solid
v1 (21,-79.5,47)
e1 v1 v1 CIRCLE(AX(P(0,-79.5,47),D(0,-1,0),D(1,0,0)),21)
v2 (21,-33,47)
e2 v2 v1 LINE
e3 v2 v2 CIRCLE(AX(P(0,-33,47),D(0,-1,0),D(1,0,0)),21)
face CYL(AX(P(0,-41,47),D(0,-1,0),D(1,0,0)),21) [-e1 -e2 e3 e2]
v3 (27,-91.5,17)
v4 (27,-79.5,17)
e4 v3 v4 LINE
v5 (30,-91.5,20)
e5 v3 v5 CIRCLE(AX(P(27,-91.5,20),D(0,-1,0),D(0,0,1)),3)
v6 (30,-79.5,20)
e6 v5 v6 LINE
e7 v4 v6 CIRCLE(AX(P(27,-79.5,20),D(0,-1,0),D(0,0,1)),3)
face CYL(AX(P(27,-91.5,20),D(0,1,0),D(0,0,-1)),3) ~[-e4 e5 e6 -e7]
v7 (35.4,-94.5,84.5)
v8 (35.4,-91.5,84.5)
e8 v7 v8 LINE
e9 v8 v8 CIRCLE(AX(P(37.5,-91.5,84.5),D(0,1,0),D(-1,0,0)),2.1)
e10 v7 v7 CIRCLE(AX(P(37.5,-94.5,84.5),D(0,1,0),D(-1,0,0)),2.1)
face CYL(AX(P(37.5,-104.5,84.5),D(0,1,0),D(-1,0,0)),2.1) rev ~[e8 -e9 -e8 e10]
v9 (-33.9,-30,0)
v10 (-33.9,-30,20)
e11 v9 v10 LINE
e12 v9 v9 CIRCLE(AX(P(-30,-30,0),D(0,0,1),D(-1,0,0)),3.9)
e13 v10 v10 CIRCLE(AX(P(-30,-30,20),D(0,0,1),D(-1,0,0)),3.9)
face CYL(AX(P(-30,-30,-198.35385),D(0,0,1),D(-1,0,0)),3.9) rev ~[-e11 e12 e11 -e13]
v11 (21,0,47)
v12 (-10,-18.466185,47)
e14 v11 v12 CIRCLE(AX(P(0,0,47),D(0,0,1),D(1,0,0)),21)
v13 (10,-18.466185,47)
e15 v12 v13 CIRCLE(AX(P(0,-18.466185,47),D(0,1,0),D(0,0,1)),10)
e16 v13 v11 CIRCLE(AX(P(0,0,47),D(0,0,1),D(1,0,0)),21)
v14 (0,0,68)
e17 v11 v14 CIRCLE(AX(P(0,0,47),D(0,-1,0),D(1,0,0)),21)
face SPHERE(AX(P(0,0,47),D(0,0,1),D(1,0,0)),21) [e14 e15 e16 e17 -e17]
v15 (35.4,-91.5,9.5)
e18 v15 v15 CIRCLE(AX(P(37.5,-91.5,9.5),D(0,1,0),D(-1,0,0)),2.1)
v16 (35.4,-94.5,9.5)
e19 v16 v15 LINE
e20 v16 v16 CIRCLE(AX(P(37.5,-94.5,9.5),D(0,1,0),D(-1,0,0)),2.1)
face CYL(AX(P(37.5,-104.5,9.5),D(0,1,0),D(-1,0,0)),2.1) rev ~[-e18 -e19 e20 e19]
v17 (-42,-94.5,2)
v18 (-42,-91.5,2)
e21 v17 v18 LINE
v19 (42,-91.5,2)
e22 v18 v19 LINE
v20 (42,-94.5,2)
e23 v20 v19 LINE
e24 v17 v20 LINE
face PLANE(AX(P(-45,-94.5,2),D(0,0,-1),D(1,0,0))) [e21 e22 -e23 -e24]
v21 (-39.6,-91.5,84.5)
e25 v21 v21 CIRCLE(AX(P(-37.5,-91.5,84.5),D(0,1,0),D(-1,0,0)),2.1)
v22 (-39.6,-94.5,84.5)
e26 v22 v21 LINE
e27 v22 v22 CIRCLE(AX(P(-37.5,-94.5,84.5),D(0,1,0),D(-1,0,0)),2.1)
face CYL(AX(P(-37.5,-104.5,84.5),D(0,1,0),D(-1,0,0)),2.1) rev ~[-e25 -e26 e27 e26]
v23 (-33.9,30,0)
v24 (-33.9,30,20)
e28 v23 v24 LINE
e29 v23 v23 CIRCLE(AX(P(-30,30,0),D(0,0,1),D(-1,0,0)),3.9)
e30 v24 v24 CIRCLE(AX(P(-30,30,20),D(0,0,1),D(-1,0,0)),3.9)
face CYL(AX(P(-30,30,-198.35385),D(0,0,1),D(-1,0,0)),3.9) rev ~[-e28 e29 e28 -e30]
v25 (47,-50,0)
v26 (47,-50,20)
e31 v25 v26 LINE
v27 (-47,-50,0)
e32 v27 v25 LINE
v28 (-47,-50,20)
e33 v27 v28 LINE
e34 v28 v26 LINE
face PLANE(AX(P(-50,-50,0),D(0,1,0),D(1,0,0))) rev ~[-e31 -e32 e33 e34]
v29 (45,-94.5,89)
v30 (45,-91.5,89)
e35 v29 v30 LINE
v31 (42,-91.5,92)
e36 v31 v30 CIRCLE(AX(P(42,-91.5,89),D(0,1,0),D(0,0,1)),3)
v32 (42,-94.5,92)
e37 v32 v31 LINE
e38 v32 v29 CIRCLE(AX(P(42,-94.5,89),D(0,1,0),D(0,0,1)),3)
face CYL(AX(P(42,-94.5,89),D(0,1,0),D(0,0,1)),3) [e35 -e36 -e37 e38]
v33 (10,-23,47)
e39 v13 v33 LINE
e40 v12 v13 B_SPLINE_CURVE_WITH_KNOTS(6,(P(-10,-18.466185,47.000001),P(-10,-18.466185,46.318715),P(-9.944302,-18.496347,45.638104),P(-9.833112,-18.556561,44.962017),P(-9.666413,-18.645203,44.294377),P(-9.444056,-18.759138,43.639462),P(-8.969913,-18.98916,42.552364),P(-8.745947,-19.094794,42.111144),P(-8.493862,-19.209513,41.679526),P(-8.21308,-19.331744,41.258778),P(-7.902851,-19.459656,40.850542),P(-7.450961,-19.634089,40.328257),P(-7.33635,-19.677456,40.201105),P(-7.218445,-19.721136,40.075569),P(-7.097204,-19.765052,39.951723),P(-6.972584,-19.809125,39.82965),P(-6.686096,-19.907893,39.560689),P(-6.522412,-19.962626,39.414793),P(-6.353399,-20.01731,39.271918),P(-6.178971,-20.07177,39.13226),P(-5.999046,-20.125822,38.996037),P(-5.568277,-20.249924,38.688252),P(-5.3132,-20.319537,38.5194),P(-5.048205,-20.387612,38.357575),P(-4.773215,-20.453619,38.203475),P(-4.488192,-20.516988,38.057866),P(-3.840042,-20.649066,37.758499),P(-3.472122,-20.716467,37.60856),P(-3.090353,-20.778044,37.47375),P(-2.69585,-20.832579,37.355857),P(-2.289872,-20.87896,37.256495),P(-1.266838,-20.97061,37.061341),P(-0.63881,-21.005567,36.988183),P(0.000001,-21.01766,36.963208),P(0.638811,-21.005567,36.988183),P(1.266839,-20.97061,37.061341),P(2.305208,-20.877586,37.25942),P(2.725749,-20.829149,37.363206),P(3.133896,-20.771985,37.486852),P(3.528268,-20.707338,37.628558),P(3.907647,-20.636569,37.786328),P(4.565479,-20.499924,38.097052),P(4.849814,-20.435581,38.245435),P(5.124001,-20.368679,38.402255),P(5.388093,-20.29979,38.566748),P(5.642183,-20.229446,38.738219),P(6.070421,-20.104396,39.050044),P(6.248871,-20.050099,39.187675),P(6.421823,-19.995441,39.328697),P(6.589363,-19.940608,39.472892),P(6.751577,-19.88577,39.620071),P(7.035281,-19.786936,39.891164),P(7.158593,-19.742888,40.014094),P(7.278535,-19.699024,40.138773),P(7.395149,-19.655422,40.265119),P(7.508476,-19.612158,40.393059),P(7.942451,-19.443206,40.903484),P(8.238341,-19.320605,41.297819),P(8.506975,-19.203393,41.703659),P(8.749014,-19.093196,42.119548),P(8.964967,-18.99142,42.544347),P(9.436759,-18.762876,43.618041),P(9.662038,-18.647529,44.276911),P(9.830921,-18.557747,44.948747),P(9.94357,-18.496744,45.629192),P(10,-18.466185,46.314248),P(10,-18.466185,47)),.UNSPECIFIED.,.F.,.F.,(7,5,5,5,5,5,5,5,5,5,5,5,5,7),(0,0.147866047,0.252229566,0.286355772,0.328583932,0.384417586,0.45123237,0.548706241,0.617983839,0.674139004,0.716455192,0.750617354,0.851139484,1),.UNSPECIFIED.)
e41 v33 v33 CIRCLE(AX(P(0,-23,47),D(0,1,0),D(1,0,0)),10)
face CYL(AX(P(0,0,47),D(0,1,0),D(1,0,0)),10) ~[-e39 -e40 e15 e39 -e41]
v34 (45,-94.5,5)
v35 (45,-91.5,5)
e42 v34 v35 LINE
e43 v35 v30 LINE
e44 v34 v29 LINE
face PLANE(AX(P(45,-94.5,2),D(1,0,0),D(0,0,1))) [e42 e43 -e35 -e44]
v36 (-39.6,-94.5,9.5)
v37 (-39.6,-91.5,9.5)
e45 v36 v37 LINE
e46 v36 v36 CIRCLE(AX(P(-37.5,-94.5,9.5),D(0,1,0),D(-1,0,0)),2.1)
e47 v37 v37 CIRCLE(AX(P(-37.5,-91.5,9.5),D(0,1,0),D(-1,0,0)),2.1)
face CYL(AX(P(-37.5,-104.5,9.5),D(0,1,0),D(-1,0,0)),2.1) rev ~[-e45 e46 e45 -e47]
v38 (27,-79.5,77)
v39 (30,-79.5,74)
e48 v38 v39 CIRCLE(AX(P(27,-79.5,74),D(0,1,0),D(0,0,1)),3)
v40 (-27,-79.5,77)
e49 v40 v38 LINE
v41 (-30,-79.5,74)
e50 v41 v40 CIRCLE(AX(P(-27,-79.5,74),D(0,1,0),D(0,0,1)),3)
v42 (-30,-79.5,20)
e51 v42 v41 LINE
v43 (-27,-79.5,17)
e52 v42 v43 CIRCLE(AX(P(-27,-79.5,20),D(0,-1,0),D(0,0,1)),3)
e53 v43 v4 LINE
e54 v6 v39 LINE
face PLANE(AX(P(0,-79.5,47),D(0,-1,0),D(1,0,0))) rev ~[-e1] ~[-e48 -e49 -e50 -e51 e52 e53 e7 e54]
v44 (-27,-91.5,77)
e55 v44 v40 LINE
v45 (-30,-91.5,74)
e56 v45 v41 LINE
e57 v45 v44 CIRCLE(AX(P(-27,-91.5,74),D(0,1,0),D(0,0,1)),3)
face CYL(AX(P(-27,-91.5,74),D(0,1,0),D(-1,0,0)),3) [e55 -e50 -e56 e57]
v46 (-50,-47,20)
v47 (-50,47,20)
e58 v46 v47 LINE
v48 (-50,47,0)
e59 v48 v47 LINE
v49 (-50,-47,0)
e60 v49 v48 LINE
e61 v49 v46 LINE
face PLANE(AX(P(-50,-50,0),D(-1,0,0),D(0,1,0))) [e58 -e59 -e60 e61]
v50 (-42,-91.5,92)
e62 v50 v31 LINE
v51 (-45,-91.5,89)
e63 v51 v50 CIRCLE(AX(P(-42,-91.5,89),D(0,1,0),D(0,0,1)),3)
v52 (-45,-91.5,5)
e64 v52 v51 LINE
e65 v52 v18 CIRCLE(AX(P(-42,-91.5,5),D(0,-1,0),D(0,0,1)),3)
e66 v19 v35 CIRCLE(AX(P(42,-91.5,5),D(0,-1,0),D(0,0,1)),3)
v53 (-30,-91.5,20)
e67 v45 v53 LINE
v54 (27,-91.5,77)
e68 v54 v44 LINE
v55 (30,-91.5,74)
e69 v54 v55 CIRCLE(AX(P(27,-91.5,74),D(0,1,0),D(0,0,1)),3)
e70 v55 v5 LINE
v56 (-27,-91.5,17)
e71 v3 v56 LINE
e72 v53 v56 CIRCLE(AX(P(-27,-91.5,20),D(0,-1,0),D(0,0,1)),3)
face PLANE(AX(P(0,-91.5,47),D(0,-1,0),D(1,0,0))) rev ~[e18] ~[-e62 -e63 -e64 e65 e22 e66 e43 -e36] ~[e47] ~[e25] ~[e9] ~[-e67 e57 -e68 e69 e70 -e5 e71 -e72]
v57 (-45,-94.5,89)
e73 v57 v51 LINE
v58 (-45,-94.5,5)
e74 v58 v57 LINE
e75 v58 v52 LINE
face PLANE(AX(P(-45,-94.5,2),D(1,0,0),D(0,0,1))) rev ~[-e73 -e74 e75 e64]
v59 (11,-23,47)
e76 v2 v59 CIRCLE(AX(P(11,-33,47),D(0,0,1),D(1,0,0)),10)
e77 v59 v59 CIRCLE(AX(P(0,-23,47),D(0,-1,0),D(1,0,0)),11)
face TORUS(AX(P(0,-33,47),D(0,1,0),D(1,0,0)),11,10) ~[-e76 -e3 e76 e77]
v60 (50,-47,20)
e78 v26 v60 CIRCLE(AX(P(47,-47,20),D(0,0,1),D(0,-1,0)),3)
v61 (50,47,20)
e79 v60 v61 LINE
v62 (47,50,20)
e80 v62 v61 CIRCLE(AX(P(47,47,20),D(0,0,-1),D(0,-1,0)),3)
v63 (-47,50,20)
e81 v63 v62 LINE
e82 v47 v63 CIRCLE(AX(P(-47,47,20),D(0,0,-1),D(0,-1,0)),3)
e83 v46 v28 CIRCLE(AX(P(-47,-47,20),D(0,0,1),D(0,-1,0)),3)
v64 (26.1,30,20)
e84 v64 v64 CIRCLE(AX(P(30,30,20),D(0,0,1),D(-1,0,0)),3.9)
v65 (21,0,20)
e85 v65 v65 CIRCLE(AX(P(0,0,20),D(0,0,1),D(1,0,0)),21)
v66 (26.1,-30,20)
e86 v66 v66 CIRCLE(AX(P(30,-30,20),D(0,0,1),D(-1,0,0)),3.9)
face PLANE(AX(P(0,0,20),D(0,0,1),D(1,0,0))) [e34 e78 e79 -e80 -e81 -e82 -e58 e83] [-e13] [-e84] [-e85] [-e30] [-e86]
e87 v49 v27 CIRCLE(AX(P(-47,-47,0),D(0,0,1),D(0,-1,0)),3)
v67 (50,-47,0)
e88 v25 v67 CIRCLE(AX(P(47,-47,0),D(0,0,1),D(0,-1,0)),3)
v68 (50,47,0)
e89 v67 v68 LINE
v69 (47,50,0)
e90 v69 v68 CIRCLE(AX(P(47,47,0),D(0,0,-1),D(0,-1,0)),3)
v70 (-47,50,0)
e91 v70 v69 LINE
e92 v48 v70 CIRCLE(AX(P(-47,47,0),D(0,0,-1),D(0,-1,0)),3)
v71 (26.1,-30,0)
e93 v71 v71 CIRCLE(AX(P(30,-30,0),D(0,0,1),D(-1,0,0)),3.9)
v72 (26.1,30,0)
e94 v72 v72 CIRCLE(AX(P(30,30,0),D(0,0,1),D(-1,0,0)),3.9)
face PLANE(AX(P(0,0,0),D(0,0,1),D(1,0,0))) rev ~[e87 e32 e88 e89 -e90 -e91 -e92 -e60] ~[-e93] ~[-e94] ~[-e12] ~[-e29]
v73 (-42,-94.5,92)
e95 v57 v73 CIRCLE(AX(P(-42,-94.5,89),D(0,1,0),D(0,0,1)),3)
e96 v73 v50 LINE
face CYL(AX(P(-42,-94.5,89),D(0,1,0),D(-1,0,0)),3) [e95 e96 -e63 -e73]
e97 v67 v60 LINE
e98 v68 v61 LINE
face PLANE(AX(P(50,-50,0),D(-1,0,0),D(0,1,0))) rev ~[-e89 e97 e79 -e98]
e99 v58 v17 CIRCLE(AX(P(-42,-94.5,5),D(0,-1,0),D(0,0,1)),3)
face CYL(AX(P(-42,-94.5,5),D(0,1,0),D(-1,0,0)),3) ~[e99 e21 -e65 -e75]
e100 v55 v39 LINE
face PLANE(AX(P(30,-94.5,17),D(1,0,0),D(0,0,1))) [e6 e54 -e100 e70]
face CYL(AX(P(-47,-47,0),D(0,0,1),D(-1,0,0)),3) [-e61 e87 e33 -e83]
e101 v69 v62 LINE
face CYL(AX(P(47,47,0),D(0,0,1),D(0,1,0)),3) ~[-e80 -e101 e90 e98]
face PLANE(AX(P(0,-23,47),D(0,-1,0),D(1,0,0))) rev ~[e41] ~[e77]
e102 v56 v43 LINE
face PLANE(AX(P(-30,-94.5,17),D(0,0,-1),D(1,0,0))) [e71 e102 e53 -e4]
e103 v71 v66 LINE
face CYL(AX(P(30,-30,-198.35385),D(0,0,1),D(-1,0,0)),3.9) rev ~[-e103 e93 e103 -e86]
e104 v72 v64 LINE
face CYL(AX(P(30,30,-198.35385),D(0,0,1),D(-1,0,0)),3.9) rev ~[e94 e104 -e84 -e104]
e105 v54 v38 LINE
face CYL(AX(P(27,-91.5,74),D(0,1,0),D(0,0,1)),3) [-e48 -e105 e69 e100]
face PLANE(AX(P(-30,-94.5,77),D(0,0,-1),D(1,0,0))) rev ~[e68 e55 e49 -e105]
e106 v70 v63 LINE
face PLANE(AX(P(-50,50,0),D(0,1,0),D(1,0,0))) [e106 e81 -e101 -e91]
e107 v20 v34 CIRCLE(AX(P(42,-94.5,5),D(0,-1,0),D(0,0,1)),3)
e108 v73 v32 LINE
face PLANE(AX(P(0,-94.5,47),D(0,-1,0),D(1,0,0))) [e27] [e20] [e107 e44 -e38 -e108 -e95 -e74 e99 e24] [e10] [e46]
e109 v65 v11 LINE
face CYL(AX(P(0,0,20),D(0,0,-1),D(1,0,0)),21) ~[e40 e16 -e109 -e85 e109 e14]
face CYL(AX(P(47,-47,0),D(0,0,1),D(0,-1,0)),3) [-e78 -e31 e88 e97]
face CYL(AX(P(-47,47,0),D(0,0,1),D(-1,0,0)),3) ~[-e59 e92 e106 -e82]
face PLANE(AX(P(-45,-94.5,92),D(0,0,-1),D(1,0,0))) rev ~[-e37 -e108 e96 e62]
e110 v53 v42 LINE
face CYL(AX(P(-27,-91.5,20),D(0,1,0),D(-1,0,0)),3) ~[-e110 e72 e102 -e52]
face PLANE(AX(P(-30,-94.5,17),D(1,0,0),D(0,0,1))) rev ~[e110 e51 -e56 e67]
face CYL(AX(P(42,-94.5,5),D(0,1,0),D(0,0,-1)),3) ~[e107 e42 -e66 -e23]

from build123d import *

# Parameters (mm, degrees)
F0_W          = 100
F0_H          = 100
F1_DEPTH      = 20
F2_R          = 21
F3_DEPTH      = 48
F4_R          = 21
F5_R          = 10
F6_DEPTH      = 41
F7_R          = 21
F8_DEPTH      = 53.5
F8_DEPTH_BACK = 18
F9_R          = 10
F10_W         = 60
F10_H         = 60
F11_DEPTH     = 15
F12_W         = 90
F12_H         = 90
F13_DEPTH     = 3
F15_D         = 4.2
F15_DEPTH     = 10
F15_TIP       = 1.2618073
F17_D         = 7.8
F18_R         = 3


with BuildPart() as f1:
    # F0 (on Top) → F1 (new body)
    with BuildSketch(Plane.XY):
        Rectangle(F0_W, F0_H)
    extrude(amount=F1_DEPTH)

    # F2 (on face) → F3 (join)
    with BuildSketch(Plane.XY.offset(20)):
        Circle(F2_R)
    extrude(amount=F3_DEPTH)

    # F4
    f4_edges = [f1.edges().sort_by_distance(p)[0] for p in [
        (-21, 0, 68),
    ]]
    fillet(f4_edges, radius=F4_R)

    # F5 (on Front) → F6 (join)
    with BuildSketch(Plane.XZ):
        with Locations((0, 47)):
            Circle(F5_R)
    extrude(amount=F6_DEPTH)

    # F7 (on face) → F8 (join, two sides)
    with BuildSketch(Plane.XZ.offset(41)) as f8_sk:
        with Locations((0, 47)):
            Circle(F7_R)
    extrude(amount=F8_DEPTH)
    extrude(f8_sk.sketch, amount=-F8_DEPTH_BACK)

    # F9
    f9_edges = [f1.edges().sort_by_distance(p)[0] for p in [
        (-21, -23, 47),
    ]]
    fillet(f9_edges, radius=F9_R)

    # F10 (on face) → F11 (join)
    with BuildSketch(Plane.XZ.offset(94.5)):
        with Locations((0, 47)):
            Rectangle(F10_W, F10_H)
    extrude(amount=-F11_DEPTH)

    # F12 (on face) → F13 (join)
    with BuildSketch(Plane.XZ.offset(94.5)):
        with Locations((0, 47)):
            Rectangle(F12_W, F12_H)
    extrude(amount=-F13_DEPTH)

    # F15
    with Locations(Plane.XZ.offset(94.5)):
        with Locations((-37.5, 84.5), (37.5, 84.5), (37.5, 9.5), (-37.5, 9.5)):
            Hole(F15_D / 2, depth=F15_DEPTH)
            with Locations((0, 0, -(F15_DEPTH + F15_TIP / 2))):  # 118° drill point
                Cone(0, F15_D / 2, F15_TIP, mode=Mode.SUBTRACT)

    # F17 (through all)
    with Locations(Plane(origin=(0, 0, 0), x_dir=(1, 0, 0), z_dir=(0, 0, -1))):
        with Locations((-30, 30), (30, 30), (30, -30), (-30, -30)):
            Hole(F17_D / 2)

    # F18
    f18_edges = [f1.edges().sort_by_distance(p)[0] for p in [
        (-50, -50, 10),
        (-50, 50, 10),
        (50, 50, 10),
        (50, -50, 10),
        (30, -85.5, 17),
        (45, -93, 2),
        (-30, -85.5, 17),
        (-45, -93, 2),
        (-30, -85.5, 77),
        (-45, -93, 92),
        (30, -85.5, 77),
        (45, -93, 92),
    ]]
    fillet(f18_edges, radius=F18_R)


solid = f1.part
